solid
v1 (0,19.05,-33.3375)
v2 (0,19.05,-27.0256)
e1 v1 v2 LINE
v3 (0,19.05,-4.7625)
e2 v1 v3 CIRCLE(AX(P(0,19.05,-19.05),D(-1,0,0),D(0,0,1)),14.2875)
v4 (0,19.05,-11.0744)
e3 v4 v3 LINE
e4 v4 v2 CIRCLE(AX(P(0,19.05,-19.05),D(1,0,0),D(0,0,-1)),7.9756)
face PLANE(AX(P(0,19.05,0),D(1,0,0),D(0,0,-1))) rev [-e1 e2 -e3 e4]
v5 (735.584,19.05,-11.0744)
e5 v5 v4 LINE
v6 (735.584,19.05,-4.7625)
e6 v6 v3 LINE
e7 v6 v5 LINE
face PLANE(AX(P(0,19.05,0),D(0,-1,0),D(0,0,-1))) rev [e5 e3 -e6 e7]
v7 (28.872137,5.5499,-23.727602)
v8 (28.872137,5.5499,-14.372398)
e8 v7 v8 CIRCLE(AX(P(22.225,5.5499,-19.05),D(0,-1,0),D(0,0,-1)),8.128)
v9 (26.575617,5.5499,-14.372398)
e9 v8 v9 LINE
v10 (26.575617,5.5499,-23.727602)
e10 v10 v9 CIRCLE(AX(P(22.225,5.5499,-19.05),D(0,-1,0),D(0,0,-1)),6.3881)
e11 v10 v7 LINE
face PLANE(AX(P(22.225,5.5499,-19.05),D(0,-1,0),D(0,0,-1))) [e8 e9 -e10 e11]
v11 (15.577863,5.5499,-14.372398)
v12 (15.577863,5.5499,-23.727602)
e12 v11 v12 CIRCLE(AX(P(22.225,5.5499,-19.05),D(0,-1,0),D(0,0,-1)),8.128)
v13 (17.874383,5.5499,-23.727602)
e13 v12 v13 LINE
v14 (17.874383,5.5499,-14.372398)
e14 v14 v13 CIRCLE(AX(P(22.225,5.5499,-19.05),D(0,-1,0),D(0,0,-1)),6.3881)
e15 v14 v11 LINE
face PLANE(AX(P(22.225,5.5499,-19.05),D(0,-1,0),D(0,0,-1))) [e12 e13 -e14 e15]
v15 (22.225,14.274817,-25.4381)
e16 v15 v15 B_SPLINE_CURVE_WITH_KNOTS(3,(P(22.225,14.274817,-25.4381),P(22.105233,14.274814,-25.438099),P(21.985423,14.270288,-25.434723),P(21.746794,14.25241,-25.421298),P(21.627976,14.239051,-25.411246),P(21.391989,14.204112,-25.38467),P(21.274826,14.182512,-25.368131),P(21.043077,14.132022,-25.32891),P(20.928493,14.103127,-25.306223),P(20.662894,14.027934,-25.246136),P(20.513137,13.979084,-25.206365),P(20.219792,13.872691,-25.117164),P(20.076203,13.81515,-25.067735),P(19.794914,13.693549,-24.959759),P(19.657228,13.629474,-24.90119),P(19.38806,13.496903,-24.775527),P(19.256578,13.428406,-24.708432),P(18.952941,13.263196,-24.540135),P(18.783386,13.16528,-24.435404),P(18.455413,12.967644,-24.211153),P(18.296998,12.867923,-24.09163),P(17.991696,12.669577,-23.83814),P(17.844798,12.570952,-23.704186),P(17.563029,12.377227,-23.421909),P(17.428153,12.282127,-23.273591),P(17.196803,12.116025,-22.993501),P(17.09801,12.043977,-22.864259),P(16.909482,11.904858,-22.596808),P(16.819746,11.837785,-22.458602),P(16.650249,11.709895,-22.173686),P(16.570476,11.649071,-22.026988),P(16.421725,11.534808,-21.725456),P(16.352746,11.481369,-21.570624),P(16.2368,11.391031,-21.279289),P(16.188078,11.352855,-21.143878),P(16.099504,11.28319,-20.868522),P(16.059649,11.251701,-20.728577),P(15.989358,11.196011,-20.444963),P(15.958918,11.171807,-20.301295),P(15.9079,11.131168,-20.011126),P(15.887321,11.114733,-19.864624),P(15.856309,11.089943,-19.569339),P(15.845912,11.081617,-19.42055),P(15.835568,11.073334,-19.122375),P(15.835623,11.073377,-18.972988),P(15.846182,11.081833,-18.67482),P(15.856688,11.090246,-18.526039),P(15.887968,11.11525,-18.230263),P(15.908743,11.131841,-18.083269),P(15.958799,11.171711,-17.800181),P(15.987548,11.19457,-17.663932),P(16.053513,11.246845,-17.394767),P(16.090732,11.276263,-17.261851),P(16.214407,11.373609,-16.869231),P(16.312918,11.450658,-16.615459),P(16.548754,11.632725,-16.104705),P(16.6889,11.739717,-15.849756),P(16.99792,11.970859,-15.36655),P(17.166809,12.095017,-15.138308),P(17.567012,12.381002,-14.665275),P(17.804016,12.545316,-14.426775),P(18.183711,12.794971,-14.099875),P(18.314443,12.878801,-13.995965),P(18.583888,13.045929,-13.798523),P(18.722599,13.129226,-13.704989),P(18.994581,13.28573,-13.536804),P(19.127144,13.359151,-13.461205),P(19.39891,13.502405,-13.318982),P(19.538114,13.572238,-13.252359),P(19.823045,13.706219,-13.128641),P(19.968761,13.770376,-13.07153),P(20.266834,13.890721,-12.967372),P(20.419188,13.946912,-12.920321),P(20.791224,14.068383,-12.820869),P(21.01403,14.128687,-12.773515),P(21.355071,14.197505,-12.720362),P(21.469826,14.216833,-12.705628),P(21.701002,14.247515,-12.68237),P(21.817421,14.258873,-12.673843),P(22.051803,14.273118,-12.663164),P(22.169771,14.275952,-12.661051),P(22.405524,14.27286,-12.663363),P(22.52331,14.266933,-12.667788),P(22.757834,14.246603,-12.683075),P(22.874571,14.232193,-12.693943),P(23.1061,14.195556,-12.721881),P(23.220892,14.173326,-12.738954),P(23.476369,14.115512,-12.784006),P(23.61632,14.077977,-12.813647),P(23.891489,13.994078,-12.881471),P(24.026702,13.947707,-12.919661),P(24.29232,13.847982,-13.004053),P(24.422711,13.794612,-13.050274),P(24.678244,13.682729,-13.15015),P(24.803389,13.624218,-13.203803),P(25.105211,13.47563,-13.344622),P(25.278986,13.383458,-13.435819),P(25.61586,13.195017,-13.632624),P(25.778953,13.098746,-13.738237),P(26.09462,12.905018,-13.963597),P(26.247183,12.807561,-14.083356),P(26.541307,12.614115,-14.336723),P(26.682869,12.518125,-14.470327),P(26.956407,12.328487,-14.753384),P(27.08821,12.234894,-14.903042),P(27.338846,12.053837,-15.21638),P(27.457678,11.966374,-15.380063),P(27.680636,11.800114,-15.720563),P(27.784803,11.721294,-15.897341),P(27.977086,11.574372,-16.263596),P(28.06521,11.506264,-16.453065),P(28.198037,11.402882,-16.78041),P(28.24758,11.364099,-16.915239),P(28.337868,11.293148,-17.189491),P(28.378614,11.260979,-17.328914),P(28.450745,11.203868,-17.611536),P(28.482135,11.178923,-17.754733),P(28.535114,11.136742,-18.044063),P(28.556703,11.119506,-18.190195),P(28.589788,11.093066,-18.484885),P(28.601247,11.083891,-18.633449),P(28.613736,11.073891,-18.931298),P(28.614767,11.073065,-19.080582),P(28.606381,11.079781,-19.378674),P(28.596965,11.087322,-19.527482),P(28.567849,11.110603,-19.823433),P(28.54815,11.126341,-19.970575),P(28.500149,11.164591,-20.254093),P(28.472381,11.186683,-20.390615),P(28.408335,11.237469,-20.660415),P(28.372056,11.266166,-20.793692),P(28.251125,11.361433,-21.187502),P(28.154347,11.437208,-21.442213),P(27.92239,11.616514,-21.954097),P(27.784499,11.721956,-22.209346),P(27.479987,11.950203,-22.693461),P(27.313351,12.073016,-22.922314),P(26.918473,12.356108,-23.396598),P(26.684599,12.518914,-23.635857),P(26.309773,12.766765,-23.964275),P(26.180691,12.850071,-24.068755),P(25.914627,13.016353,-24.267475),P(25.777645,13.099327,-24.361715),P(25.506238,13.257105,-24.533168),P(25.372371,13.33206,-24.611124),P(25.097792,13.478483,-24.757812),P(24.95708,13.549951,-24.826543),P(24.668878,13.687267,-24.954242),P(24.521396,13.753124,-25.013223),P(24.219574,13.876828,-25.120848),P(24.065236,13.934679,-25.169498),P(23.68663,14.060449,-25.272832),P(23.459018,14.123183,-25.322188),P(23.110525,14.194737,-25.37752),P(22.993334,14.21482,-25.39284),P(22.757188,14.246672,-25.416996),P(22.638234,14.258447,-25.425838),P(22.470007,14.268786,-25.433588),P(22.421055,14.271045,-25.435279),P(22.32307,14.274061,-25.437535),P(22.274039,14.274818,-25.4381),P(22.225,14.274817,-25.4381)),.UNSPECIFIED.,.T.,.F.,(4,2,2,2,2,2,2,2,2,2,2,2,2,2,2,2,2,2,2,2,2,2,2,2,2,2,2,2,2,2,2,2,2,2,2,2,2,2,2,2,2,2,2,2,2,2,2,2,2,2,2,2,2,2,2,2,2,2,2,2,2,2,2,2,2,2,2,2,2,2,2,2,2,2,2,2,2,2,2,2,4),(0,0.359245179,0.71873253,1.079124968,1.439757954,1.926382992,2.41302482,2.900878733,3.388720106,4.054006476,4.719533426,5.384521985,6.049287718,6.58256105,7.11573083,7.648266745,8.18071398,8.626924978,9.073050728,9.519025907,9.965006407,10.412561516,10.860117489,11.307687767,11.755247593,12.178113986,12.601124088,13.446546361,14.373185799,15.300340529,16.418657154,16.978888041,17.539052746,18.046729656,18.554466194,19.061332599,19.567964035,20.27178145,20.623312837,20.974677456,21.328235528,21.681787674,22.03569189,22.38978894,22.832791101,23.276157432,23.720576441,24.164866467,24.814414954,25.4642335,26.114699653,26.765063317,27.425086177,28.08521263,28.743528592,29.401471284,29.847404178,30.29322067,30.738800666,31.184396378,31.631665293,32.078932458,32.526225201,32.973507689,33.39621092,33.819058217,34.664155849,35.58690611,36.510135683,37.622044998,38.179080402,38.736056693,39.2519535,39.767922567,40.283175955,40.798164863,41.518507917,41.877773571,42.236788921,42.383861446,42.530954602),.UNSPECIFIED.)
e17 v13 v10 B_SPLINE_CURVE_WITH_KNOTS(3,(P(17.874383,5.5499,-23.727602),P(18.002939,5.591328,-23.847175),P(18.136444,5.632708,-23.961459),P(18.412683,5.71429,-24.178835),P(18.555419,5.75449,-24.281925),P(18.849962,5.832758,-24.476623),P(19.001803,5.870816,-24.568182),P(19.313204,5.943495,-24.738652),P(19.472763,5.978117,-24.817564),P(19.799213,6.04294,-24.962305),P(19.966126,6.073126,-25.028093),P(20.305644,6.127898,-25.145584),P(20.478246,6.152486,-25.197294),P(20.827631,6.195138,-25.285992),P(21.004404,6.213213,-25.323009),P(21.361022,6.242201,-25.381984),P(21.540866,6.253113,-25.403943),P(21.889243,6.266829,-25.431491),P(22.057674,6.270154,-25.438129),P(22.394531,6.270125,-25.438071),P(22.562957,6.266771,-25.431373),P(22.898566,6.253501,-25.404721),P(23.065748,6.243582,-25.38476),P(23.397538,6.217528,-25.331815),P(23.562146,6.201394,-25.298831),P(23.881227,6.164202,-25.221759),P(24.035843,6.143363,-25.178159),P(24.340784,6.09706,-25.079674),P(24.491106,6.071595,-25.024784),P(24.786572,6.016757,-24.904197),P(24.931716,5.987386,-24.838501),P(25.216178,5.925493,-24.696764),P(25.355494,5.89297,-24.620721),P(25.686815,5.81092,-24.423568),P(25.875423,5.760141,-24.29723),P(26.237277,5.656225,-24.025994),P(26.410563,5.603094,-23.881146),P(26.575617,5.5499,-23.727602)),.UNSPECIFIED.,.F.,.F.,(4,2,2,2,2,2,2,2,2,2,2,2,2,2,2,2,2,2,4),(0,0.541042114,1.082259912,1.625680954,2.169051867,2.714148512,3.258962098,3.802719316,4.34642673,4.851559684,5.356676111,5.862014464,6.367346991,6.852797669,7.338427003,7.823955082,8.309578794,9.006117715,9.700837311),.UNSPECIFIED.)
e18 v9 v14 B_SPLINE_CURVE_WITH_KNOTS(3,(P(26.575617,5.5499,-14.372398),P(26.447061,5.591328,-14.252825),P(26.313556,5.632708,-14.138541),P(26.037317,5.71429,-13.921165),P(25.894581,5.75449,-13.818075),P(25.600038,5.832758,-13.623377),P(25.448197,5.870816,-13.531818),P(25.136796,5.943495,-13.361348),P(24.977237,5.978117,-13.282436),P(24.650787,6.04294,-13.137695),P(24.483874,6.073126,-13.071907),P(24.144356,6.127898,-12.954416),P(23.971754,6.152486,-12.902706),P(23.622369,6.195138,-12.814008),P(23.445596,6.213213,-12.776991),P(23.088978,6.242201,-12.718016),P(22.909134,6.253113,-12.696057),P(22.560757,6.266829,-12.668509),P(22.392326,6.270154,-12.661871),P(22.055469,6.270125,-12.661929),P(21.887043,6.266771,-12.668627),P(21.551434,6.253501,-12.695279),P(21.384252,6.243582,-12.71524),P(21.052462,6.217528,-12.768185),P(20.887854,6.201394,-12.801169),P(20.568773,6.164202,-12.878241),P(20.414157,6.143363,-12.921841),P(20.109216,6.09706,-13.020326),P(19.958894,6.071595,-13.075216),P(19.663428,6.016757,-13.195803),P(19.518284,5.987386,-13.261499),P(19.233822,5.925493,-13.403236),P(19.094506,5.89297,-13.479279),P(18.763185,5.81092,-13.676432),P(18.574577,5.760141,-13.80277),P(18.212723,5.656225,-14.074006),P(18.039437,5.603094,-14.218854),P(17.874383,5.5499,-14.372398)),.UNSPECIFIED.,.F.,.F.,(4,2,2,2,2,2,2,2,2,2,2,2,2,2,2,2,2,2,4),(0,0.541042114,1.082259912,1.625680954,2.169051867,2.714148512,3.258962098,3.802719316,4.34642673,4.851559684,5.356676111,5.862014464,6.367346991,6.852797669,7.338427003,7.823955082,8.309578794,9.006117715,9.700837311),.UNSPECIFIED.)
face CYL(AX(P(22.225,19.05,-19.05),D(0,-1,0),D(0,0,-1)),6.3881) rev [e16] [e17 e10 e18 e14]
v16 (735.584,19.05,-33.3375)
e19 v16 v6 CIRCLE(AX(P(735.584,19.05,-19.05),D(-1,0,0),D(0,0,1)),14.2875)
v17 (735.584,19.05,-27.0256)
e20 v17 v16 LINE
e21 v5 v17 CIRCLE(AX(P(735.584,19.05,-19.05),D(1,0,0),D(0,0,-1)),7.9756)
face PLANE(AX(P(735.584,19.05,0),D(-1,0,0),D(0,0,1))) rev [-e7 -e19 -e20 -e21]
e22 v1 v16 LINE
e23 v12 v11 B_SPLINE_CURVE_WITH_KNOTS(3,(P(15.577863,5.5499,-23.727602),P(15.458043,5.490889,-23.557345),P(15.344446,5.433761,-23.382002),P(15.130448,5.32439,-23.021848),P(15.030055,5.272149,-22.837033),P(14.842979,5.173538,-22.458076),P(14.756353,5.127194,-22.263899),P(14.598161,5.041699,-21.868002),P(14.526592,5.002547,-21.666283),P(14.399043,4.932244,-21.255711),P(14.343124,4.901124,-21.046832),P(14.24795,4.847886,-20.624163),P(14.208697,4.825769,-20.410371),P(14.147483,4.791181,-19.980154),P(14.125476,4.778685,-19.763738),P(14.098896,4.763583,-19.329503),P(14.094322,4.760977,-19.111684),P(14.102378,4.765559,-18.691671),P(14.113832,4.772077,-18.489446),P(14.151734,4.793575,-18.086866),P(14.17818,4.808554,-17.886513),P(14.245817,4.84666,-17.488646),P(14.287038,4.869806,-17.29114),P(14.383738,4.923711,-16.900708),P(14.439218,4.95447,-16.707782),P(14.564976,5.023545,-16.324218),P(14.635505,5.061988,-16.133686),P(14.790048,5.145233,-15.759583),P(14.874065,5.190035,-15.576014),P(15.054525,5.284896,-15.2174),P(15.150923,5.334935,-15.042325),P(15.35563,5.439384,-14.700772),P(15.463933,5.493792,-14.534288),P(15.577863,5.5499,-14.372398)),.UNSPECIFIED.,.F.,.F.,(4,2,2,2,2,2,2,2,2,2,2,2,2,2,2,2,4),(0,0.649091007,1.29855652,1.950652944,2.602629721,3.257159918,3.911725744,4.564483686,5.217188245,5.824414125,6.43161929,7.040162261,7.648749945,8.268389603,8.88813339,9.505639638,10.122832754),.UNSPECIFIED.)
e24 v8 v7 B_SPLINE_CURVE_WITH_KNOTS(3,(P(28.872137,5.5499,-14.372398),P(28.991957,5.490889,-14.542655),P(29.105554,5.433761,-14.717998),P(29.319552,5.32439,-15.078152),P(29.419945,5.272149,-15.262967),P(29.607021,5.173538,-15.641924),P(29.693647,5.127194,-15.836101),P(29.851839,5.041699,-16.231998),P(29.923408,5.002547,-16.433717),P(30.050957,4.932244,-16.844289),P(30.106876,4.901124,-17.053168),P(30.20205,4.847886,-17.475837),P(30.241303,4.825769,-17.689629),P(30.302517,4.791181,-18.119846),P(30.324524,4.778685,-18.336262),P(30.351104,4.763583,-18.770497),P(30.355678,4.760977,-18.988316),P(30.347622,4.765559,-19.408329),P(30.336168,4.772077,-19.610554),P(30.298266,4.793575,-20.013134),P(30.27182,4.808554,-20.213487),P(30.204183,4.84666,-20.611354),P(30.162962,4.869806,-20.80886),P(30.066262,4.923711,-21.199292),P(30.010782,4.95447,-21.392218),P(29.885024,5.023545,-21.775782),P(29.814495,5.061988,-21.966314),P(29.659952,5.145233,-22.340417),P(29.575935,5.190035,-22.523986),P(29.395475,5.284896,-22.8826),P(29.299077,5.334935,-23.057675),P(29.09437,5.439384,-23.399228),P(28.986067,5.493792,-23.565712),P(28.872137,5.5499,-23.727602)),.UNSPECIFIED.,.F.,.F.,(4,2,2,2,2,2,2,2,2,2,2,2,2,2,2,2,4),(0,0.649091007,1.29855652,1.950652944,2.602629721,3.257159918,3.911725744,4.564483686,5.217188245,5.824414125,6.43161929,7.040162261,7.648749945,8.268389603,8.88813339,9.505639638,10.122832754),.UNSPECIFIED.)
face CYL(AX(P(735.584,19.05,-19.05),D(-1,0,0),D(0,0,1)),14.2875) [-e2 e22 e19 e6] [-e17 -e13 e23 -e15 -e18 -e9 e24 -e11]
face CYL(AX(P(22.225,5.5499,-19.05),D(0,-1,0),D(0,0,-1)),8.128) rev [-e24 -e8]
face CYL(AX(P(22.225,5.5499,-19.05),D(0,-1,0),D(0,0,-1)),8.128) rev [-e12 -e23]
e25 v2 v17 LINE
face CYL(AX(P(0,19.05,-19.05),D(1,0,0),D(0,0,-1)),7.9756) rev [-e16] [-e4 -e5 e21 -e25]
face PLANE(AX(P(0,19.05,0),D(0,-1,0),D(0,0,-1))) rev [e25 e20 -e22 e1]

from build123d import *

# Parameters (mm, degrees)
SKETCH1_W                     = 735.584
SKETCH1_H                     = 38.1
WOOD_BLOCK_DEPTH              = 19.05
SKETCH2_R                     = 7.9756
INNER_BORE_DEPTH              = 737.816349952
SKETCH3_R                     = 6.3881
MOUTHPIECE_THROUGH_HOLE_DEPTH = 737.816349952
SKETCH5_R                     = 8.128
COUNTERBORE_DEPTH             = 5.5499
SKETCH4_OUTSIDE_W             = 187.464
SKETCH4_OUTSIDE_H             = 168.414
SKETCH4_OUTSIDE_R             = 14.2875
OUTER_DIAMETER_DEPTH          = 737.816350054


with BuildPart() as part:
    # Sketch1 → wood block (new body)
    with BuildSketch(Plane(origin=(0, 0, 0), x_dir=(1, 0, 0), z_dir=(0, 1, 0))):
        with Locations((367.792, 19.05)):
            Rectangle(SKETCH1_W, SKETCH1_H)
    extrude(amount=WOOD_BLOCK_DEPTH)

    # Sketch2 → inner bore (cut, through all)
    with BuildSketch(Plane(origin=(735.584, 0, 0), x_dir=(0, 0, -1), z_dir=(1, 0, 0))):
        with Locations((19.05, 19.05)):
            Circle(SKETCH2_R)
    extrude(amount=-INNER_BORE_DEPTH, mode=Mode.SUBTRACT)

    # Sketch3 → mouthpiece through hole (cut, through all)
    with BuildSketch(Plane(origin=(0, 0, 0), x_dir=(1, 0, 0), z_dir=(0, 1, 0))):
        with Locations(Location((22.225, 19.05, 0), (0, 0, 90))):
            Circle(SKETCH3_R)
    extrude(amount=MOUTHPIECE_THROUGH_HOLE_DEPTH, mode=Mode.SUBTRACT)

    # Sketch5 → counterbore (cut)
    with BuildSketch(Plane.XZ):
        with Locations(Location((22.225, -19.05, 0), (0, 0, 270))):
            Circle(SKETCH5_R)
    extrude(amount=-COUNTERBORE_DEPTH, mode=Mode.SUBTRACT)

    # Sketch4 outside → outer diameter (cut, through all)
    with BuildSketch(Plane.ZY):
        with Locations((-19.05, 9.525)):
            Rectangle(SKETCH4_OUTSIDE_W, SKETCH4_OUTSIDE_H)
        with Locations((-19.05, 19.05)):
            Circle(SKETCH4_OUTSIDE_R, mode=Mode.SUBTRACT)
    extrude(amount=-OUTER_DIAMETER_DEPTH, mode=Mode.SUBTRACT)


solid = part.part
